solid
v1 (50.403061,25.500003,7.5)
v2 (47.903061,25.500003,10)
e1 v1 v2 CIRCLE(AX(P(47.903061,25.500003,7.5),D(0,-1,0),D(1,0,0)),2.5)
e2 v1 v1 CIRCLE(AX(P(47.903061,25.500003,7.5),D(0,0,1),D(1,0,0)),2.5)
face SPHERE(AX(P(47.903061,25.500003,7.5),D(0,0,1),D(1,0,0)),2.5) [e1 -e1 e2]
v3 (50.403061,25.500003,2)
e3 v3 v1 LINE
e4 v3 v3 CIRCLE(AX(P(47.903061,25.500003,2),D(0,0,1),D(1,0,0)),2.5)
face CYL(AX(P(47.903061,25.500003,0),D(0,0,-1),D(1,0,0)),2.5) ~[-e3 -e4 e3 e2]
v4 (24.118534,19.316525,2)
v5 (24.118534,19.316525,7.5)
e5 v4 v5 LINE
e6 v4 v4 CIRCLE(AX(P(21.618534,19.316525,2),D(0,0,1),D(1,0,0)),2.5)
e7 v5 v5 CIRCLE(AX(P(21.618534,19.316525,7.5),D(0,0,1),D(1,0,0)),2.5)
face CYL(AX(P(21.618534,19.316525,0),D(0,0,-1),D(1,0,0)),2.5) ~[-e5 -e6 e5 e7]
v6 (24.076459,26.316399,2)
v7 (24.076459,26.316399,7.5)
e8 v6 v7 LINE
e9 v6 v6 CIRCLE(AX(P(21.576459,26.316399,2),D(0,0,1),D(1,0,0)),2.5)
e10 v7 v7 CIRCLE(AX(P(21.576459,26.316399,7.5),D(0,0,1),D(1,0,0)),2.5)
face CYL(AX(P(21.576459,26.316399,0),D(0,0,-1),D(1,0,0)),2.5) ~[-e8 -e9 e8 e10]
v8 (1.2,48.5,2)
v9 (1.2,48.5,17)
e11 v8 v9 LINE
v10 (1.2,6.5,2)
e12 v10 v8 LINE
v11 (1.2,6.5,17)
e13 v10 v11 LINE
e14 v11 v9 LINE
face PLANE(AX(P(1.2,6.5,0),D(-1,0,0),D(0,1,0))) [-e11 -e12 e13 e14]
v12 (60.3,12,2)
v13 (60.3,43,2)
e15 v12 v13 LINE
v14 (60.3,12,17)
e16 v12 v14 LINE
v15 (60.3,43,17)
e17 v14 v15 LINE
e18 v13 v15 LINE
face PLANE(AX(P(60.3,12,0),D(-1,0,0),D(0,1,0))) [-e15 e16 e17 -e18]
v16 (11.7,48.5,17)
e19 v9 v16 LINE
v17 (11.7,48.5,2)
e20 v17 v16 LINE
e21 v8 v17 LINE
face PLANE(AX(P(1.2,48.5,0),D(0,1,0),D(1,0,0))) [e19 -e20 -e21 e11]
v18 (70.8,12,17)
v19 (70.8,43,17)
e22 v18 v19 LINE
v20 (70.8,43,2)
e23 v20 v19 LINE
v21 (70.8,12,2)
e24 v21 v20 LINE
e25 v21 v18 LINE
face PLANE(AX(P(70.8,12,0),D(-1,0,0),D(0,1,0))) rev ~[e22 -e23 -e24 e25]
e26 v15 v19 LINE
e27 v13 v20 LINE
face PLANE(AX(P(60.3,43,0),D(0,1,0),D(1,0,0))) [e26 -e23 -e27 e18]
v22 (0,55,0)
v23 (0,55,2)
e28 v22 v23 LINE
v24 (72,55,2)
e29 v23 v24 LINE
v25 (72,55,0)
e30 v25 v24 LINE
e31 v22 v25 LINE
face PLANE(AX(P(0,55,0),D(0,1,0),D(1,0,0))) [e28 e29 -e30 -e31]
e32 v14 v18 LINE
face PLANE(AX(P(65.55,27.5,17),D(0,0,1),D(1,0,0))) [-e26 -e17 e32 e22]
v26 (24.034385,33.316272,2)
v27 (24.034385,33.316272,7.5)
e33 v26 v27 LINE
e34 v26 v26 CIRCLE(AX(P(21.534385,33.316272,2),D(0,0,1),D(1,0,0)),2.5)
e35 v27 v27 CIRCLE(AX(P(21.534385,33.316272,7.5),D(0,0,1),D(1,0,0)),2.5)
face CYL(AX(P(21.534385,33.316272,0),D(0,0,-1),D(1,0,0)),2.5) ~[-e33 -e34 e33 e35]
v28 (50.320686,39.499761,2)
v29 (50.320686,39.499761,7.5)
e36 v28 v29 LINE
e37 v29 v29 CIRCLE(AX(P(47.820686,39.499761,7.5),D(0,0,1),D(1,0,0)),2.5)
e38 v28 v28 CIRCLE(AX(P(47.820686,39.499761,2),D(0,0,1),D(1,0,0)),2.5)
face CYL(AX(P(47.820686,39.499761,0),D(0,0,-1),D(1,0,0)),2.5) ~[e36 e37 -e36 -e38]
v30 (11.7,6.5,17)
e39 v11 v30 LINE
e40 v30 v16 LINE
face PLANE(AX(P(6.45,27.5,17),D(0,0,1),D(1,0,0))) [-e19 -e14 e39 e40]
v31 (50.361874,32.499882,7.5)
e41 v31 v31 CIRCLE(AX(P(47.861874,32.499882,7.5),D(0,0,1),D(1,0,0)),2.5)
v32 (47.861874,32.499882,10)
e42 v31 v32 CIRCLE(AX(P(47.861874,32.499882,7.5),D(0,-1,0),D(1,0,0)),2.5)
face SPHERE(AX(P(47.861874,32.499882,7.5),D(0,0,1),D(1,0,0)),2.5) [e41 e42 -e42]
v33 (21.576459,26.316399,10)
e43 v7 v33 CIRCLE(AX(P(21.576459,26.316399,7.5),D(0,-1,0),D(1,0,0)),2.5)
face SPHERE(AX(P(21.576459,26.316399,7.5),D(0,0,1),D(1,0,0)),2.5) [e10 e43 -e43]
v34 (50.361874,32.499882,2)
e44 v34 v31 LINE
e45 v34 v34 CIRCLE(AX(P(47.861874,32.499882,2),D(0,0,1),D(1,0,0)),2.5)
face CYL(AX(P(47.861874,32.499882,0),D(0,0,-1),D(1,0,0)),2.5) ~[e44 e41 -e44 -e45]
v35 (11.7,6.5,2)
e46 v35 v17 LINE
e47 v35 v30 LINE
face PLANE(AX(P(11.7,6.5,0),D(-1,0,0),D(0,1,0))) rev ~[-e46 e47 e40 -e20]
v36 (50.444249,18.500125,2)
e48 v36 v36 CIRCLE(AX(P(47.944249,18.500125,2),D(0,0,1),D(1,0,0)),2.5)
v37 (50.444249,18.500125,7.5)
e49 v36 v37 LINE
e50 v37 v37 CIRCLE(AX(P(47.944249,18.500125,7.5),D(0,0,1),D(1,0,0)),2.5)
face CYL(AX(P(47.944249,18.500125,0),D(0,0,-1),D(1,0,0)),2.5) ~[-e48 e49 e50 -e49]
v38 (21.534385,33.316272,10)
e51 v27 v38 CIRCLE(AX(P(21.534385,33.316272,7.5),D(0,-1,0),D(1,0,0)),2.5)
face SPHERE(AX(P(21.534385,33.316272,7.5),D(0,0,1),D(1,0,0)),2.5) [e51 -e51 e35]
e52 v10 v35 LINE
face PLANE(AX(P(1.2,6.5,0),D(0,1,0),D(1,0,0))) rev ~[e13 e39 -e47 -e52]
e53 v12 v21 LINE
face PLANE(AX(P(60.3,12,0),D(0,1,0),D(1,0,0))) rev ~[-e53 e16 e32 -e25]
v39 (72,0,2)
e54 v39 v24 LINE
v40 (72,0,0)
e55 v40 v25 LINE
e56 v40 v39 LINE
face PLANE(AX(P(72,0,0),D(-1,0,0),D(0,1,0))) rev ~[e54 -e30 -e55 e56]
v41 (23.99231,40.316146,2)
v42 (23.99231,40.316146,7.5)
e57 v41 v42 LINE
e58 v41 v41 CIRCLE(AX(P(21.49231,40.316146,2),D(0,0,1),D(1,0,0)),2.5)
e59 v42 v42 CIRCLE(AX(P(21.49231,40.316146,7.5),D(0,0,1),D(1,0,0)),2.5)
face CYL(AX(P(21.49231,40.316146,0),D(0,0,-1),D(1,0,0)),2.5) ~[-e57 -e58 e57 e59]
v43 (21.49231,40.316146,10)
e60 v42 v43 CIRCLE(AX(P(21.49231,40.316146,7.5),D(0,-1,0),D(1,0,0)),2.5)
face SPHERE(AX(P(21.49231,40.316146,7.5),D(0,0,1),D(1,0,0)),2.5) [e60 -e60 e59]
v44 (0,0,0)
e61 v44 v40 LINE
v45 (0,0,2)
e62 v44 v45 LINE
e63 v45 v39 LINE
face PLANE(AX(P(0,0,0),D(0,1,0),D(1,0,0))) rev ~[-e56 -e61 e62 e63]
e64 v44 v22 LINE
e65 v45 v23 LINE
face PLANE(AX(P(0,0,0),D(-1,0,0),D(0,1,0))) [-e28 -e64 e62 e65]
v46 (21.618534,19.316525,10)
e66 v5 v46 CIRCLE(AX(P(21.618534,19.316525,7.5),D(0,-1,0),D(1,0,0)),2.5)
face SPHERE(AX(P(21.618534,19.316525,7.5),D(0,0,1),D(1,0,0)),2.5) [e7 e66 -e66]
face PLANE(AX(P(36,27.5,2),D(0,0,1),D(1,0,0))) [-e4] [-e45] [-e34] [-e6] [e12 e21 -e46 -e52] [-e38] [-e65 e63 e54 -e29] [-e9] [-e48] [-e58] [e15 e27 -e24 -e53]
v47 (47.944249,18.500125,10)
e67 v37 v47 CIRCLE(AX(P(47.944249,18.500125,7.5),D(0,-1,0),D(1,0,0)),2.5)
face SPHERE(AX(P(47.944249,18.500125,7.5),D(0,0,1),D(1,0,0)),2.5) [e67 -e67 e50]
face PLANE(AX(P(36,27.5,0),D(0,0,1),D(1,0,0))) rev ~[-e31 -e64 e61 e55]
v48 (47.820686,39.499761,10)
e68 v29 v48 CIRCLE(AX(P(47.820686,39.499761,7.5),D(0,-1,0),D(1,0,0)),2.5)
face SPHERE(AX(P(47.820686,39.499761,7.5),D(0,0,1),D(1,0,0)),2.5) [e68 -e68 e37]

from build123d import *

# Parameters (mm, degrees)
F0_W     = 72
F0_H     = 55
F0_R     = 2.5
F0_W_2   = 10.5
F0_H_2   = 42
F0_H_3   = 31
F1_DEPTH = 2
F2_DEPTH = 17
F3_DEPTH = 10
F4_R     = 2.5


with BuildPart() as f1:
    # F0 (on Top) → F1 (new body)
    with BuildSketch(Plane.XY):
        with Locations((36, 27.5)):
            Rectangle(F0_W, F0_H)
        with Locations((21.618534, 19.316525)):
            Circle(F0_R, mode=Mode.SUBTRACT)
        with Locations((21.576459, 26.316399)):
            Circle(F0_R, mode=Mode.SUBTRACT)
        with Locations((47.944249, 18.500125)):
            Circle(F0_R, mode=Mode.SUBTRACT)
        with Locations((47.903061, 25.500003)):
            Circle(F0_R, mode=Mode.SUBTRACT)
        with Locations((6.45, 27.5)):
            Rectangle(F0_W_2, F0_H_2, mode=Mode.SUBTRACT)
        with Locations((21.534385, 33.316272)):
            Circle(F0_R, mode=Mode.SUBTRACT)
        with Locations((21.49231, 40.316146)):
            Circle(F0_R, mode=Mode.SUBTRACT)
        with Locations((47.861874, 32.499882)):
            Circle(F0_R, mode=Mode.SUBTRACT)
        with Locations((47.820686, 39.499761)):
            Circle(F0_R, mode=Mode.SUBTRACT)
        with Locations((65.55, 27.5)):
            Rectangle(F0_W_2, F0_H_3, mode=Mode.SUBTRACT)
    extrude(amount=F1_DEPTH)

    # F0 (on Top) → F2 (join)
    with BuildSketch(Plane.XY):
        with Locations((65.55, 27.5)):
            Rectangle(F0_W_2, F0_H_3)
        with Locations((6.45, 27.5)):
            Rectangle(F0_W_2, F0_H_2)
    extrude(amount=F2_DEPTH)

    # F0 (on Top) → F3 (join)
    with BuildSketch(Plane.XY):
        with Locations((21.49231, 40.316146)):
            Circle(F0_R)
        with Locations((21.534385, 33.316272)):
            Circle(F0_R)
        with Locations((21.576459, 26.316399)):
            Circle(F0_R)
        with Locations((21.618534, 19.316525)):
            Circle(F0_R)
        with Locations((47.820686, 39.499761)):
            Circle(F0_R)
        with Locations((47.861874, 32.499882)):
            Circle(F0_R)
        with Locations((47.903061, 25.500003)):
            Circle(F0_R)
        with Locations((47.944249, 18.500125)):
            Circle(F0_R)
    extrude(amount=F3_DEPTH)

    # F4
    f4_edges = [f1.edges().sort_by_distance(p)[0] for p in [
        (18.99231, 40.316146, 10),
        (19.034385, 33.316272, 10),
        (19.076459, 26.316399, 10),
        (19.118534, 19.316525, 10),
        (45.320686, 39.499761, 10),
        (45.361874, 32.499882, 10),
        (45.403061, 25.500003, 10),
        (45.444249, 18.500125, 10),
    ]]
    fillet(f4_edges, radius=F4_R)


solid = f1.part
